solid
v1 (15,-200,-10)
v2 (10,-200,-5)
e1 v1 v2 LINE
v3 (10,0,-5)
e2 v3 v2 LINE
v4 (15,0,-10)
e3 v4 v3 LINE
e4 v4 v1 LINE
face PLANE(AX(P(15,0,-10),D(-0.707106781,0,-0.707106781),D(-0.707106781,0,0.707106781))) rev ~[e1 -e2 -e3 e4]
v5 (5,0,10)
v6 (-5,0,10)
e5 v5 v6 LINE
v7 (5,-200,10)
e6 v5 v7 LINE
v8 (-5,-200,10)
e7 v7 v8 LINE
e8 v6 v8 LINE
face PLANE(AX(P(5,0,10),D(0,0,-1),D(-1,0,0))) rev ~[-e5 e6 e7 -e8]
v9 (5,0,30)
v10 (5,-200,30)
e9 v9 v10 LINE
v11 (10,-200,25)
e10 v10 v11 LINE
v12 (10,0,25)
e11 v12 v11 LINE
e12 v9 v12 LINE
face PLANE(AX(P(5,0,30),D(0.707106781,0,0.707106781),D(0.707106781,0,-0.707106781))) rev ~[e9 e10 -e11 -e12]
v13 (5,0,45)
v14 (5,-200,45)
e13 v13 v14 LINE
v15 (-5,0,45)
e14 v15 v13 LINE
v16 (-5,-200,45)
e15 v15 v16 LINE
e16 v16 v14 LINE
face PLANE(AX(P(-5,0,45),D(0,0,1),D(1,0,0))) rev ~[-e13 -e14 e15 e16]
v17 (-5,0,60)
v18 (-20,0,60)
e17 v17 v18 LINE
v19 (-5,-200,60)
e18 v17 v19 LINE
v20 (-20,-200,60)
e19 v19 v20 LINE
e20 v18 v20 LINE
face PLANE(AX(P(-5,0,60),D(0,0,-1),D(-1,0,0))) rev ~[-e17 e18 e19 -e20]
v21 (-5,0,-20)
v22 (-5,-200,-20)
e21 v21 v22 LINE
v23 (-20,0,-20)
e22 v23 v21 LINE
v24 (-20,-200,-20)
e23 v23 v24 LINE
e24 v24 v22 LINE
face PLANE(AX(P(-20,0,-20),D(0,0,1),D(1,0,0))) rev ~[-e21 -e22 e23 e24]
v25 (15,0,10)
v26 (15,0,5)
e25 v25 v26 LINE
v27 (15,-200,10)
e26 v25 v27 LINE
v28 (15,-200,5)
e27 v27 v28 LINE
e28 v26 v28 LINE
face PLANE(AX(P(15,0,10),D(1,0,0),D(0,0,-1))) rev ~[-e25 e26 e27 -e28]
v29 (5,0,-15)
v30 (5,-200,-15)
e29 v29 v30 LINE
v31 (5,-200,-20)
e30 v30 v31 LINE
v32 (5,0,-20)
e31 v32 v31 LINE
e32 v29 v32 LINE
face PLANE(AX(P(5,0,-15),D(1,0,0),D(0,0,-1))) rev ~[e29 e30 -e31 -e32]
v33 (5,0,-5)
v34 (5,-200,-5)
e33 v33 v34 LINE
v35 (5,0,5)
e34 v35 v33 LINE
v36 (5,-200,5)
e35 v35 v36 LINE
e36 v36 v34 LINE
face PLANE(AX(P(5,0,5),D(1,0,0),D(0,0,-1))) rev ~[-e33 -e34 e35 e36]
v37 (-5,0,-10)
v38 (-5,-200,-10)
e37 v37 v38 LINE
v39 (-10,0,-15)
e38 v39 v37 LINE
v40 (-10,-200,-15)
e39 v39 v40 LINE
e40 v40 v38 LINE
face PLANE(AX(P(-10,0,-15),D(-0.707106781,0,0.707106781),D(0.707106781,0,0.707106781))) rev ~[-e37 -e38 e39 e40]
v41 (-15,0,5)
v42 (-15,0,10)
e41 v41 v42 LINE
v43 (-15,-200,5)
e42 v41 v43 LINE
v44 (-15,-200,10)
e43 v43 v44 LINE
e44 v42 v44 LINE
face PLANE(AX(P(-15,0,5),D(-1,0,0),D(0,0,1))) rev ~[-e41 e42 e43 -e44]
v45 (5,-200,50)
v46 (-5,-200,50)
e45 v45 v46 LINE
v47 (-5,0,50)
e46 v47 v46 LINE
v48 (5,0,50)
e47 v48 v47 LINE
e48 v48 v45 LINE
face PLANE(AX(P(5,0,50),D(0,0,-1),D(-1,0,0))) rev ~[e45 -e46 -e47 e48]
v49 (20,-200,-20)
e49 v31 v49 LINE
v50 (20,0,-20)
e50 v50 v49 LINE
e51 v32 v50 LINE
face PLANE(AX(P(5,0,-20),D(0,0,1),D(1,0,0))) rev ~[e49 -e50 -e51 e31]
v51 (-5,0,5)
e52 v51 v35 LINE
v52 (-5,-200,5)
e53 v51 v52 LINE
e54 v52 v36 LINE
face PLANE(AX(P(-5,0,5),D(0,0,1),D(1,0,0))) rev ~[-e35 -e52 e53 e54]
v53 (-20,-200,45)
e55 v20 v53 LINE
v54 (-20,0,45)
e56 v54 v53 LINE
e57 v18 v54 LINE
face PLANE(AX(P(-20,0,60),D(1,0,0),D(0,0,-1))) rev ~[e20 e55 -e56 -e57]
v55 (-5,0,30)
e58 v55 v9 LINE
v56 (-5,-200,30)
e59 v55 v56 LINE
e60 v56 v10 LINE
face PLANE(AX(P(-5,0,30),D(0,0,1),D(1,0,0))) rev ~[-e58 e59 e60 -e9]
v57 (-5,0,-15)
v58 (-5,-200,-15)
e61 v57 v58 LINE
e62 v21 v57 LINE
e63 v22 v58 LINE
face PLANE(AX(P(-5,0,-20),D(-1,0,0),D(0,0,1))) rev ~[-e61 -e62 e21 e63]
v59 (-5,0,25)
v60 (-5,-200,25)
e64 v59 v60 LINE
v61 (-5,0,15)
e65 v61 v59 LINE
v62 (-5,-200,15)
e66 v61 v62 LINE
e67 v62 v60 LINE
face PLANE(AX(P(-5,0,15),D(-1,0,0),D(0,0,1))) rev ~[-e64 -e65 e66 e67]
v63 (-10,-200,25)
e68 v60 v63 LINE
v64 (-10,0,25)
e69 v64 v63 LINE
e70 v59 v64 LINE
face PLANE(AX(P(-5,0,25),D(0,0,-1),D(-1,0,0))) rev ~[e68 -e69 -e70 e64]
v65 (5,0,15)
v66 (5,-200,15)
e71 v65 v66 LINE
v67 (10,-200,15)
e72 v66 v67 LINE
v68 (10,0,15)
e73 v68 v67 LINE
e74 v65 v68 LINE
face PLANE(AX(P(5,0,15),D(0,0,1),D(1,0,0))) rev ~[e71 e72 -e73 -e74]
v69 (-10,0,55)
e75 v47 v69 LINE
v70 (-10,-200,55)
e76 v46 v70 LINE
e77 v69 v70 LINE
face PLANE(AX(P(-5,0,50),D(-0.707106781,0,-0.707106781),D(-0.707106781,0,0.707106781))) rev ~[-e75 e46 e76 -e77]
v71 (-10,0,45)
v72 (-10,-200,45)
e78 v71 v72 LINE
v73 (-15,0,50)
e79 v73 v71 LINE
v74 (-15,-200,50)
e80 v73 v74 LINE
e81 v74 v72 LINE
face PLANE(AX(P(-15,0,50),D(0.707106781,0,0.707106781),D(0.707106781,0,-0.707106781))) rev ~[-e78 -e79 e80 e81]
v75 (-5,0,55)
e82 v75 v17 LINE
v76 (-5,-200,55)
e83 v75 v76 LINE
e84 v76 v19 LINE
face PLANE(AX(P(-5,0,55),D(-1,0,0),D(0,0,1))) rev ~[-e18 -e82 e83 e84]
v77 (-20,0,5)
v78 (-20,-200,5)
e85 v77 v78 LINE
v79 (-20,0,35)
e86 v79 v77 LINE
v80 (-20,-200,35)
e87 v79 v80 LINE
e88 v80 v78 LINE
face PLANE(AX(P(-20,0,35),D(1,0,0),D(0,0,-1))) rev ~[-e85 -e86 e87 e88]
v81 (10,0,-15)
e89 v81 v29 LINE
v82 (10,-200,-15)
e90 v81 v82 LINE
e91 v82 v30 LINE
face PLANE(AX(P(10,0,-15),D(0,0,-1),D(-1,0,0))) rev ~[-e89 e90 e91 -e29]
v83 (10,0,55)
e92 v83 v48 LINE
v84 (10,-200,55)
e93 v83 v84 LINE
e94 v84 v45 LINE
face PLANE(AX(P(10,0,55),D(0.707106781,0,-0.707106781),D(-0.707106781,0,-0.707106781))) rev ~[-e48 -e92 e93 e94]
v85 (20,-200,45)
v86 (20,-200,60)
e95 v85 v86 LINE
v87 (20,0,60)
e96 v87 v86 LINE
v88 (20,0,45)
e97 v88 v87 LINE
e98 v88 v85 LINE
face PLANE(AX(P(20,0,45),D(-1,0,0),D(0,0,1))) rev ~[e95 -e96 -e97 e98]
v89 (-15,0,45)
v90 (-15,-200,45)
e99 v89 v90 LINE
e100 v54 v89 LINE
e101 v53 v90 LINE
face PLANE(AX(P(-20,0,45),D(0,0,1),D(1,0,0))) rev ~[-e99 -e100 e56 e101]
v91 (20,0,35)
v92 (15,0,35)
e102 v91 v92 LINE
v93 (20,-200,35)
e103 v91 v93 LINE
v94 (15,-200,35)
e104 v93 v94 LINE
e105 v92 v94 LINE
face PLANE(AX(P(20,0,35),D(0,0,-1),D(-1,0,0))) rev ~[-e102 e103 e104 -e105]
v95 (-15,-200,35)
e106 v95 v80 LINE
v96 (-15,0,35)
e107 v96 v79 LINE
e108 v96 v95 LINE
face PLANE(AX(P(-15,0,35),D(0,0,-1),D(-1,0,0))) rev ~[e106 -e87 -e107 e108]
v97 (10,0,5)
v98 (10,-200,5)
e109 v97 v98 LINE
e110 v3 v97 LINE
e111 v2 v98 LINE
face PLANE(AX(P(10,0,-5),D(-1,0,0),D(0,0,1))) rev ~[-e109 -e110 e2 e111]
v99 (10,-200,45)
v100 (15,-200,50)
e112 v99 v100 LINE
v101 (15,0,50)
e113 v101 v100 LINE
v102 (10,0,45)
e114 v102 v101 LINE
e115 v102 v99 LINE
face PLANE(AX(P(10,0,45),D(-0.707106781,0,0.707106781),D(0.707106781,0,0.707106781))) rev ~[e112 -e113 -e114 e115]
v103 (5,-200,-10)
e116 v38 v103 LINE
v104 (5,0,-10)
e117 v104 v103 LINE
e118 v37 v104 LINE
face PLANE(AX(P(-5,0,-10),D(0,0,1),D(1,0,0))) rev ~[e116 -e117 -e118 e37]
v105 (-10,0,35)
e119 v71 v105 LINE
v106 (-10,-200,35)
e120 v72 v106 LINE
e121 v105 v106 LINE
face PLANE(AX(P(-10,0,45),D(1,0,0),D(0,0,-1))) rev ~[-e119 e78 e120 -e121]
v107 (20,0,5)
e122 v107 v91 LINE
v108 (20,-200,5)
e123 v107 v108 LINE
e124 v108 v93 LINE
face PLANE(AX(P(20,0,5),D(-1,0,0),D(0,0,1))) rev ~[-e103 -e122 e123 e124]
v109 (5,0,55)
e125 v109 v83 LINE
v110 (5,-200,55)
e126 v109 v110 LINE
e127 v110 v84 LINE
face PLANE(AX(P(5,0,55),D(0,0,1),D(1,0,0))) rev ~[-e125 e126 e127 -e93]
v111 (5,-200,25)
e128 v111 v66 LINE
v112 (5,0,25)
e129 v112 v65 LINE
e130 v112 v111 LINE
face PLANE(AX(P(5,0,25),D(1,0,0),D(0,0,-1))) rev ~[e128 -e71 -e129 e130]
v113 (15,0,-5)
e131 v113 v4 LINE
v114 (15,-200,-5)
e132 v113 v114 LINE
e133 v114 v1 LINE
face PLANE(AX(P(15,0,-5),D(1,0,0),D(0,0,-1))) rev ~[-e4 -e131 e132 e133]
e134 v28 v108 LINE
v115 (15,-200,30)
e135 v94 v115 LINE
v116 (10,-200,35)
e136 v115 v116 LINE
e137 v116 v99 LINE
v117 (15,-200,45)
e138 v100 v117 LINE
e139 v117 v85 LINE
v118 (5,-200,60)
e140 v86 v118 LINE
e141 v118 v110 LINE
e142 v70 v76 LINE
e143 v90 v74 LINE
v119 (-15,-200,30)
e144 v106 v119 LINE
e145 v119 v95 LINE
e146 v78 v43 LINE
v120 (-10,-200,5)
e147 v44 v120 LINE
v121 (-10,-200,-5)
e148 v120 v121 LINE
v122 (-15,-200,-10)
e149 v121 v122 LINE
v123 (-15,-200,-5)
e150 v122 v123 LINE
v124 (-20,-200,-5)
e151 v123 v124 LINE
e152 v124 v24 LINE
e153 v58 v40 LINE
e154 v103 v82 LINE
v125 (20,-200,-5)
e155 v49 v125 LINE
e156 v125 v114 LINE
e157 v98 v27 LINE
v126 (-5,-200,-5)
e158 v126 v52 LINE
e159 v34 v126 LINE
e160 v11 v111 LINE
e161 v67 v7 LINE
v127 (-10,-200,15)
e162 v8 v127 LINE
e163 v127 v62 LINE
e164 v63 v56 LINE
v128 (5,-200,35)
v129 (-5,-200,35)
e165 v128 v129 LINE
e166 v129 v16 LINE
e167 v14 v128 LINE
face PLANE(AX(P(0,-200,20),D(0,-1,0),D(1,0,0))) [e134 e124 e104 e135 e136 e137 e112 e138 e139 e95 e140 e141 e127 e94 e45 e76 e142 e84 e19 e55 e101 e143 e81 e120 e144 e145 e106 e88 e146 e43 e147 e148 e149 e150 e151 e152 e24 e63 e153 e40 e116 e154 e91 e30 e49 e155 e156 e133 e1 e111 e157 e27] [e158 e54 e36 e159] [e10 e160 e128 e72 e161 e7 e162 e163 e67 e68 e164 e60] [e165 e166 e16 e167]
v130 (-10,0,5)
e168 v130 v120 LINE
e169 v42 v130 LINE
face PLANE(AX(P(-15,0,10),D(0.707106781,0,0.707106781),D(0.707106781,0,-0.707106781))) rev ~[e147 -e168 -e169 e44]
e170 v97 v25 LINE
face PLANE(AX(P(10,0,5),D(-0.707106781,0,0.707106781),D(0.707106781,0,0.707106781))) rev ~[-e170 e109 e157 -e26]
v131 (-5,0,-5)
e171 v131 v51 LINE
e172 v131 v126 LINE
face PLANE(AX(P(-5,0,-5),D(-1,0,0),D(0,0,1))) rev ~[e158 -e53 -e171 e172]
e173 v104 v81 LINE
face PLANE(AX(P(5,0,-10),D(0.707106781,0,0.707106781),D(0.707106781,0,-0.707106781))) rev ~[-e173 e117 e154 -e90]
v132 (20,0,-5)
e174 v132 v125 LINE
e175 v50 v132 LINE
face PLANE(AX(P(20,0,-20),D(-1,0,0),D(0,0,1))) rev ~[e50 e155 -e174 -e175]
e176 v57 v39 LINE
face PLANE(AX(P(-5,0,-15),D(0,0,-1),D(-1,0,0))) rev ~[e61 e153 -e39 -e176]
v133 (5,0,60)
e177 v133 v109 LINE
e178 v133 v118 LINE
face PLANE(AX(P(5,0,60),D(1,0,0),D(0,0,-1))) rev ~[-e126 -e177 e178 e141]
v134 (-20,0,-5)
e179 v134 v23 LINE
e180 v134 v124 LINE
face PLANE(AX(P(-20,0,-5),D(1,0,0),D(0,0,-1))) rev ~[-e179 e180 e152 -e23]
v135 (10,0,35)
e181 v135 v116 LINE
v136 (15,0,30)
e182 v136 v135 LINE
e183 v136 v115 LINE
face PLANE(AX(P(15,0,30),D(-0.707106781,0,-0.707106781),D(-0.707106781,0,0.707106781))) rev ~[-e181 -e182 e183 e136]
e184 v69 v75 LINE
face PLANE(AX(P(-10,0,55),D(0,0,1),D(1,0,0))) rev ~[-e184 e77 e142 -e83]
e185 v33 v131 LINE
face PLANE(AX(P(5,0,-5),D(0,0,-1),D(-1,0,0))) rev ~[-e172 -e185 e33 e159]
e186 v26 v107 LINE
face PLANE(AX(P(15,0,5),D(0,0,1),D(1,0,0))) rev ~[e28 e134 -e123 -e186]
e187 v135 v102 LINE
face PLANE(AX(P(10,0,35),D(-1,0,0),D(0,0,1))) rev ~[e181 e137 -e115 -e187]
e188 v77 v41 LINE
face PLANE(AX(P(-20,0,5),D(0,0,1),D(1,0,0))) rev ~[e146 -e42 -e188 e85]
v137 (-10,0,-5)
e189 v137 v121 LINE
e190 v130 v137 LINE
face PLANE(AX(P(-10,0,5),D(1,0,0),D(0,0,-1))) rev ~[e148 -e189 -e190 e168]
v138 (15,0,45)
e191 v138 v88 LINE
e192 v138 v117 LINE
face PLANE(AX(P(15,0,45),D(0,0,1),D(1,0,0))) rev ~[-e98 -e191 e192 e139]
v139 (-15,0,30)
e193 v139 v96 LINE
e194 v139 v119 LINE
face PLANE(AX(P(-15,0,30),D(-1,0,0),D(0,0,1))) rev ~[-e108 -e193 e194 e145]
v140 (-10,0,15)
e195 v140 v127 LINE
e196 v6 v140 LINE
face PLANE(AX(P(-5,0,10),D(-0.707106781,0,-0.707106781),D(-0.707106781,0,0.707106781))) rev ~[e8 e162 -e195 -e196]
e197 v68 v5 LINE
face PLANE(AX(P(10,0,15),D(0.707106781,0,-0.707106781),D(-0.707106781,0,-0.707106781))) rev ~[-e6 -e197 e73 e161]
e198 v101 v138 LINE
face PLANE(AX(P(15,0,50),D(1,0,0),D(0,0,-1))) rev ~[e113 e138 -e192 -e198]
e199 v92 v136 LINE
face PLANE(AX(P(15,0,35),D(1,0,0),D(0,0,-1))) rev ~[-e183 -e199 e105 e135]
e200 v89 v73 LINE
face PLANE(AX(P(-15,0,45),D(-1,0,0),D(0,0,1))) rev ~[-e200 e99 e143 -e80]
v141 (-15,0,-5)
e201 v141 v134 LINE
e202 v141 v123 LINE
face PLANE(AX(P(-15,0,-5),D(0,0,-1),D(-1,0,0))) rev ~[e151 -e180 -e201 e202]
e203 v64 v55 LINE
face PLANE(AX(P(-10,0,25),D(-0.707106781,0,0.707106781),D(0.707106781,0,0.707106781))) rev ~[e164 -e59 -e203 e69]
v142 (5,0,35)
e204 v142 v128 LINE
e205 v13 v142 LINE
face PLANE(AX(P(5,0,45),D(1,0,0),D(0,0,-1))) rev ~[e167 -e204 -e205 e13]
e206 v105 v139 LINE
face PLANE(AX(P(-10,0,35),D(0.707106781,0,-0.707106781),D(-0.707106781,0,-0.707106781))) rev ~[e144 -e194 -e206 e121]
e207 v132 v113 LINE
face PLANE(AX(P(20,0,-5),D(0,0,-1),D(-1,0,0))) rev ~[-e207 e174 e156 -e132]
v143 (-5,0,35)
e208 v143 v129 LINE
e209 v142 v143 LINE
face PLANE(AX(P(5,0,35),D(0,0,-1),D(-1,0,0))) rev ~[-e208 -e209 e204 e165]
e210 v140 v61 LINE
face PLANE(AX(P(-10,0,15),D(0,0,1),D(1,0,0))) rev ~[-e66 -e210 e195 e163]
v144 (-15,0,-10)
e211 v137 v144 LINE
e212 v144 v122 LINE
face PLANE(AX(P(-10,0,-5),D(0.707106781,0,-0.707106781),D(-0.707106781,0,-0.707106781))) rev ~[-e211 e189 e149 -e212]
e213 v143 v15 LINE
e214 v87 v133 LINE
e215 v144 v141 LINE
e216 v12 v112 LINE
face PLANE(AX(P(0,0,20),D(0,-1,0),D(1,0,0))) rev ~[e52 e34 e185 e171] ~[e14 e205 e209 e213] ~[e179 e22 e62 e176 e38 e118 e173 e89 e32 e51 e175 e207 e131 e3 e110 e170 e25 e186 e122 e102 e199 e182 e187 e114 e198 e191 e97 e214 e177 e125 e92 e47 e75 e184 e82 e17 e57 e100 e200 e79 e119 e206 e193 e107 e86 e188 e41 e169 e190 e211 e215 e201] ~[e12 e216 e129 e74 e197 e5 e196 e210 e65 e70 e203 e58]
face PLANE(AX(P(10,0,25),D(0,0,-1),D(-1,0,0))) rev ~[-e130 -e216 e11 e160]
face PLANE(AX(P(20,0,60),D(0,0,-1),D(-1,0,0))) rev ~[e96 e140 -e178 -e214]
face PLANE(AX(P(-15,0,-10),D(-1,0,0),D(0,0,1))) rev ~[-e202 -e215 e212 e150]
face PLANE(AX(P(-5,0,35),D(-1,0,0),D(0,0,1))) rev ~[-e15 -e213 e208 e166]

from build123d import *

# Parameters (mm, degrees)
F1_DEPTH = 200


with BuildPart() as f1:
    # F0 (on Front) → F1 (new body)
    with BuildSketch(Plane.XZ):
        Polygon((5, -20), (20, -20), (20, -5), (15, -5), (15, -10), (10, -5), (10, 5), (15, 10), (15, 5), (20, 5), (20, 20), (20, 35), (15, 35), (15, 30), (10, 35), (10, 45), (15, 50), (15, 45), (20, 45), (20, 60), (5, 60), (5, 55), (10, 55), (5, 50), (-5, 50), (-10, 55), (-5, 55), (-5, 60), (-20, 60), (-20, 45), (-15, 45), (-15, 50), (-10, 45), (-10, 35), (-15, 30), (-15, 35), (-20, 35), (-20, 20), (-20, 5), (-15, 5), (-15, 10), (-10, 5), (-10, -5), (-15, -10), (-15, -5), (-20, -5), (-20, -20), (-5, -20), (-5, -15), (-10, -15), (-5, -10), (5, -10), (10, -15), (5, -15), align=None)
        Polygon((-5, 0), (-5, 5), (0, 5), (5, 5), (5, 0), (5, -5), (0, -5), (-5, -5), align=None, mode=Mode.SUBTRACT)
        Polygon((-5, 15), (-5, 20), (-5, 25), (-10, 25), (-5, 30), (5, 30), (10, 25), (5, 25), (5, 20), (5, 15), (10, 15), (5, 10), (-5, 10), (-10, 15), align=None, mode=Mode.SUBTRACT)
        Polygon((-5, 40), (-5, 45), (0, 45), (5, 45), (5, 40), (5, 35), (0, 35), (-5, 35), align=None, mode=Mode.SUBTRACT)
    extrude(amount=F1_DEPTH)


solid = f1.part
